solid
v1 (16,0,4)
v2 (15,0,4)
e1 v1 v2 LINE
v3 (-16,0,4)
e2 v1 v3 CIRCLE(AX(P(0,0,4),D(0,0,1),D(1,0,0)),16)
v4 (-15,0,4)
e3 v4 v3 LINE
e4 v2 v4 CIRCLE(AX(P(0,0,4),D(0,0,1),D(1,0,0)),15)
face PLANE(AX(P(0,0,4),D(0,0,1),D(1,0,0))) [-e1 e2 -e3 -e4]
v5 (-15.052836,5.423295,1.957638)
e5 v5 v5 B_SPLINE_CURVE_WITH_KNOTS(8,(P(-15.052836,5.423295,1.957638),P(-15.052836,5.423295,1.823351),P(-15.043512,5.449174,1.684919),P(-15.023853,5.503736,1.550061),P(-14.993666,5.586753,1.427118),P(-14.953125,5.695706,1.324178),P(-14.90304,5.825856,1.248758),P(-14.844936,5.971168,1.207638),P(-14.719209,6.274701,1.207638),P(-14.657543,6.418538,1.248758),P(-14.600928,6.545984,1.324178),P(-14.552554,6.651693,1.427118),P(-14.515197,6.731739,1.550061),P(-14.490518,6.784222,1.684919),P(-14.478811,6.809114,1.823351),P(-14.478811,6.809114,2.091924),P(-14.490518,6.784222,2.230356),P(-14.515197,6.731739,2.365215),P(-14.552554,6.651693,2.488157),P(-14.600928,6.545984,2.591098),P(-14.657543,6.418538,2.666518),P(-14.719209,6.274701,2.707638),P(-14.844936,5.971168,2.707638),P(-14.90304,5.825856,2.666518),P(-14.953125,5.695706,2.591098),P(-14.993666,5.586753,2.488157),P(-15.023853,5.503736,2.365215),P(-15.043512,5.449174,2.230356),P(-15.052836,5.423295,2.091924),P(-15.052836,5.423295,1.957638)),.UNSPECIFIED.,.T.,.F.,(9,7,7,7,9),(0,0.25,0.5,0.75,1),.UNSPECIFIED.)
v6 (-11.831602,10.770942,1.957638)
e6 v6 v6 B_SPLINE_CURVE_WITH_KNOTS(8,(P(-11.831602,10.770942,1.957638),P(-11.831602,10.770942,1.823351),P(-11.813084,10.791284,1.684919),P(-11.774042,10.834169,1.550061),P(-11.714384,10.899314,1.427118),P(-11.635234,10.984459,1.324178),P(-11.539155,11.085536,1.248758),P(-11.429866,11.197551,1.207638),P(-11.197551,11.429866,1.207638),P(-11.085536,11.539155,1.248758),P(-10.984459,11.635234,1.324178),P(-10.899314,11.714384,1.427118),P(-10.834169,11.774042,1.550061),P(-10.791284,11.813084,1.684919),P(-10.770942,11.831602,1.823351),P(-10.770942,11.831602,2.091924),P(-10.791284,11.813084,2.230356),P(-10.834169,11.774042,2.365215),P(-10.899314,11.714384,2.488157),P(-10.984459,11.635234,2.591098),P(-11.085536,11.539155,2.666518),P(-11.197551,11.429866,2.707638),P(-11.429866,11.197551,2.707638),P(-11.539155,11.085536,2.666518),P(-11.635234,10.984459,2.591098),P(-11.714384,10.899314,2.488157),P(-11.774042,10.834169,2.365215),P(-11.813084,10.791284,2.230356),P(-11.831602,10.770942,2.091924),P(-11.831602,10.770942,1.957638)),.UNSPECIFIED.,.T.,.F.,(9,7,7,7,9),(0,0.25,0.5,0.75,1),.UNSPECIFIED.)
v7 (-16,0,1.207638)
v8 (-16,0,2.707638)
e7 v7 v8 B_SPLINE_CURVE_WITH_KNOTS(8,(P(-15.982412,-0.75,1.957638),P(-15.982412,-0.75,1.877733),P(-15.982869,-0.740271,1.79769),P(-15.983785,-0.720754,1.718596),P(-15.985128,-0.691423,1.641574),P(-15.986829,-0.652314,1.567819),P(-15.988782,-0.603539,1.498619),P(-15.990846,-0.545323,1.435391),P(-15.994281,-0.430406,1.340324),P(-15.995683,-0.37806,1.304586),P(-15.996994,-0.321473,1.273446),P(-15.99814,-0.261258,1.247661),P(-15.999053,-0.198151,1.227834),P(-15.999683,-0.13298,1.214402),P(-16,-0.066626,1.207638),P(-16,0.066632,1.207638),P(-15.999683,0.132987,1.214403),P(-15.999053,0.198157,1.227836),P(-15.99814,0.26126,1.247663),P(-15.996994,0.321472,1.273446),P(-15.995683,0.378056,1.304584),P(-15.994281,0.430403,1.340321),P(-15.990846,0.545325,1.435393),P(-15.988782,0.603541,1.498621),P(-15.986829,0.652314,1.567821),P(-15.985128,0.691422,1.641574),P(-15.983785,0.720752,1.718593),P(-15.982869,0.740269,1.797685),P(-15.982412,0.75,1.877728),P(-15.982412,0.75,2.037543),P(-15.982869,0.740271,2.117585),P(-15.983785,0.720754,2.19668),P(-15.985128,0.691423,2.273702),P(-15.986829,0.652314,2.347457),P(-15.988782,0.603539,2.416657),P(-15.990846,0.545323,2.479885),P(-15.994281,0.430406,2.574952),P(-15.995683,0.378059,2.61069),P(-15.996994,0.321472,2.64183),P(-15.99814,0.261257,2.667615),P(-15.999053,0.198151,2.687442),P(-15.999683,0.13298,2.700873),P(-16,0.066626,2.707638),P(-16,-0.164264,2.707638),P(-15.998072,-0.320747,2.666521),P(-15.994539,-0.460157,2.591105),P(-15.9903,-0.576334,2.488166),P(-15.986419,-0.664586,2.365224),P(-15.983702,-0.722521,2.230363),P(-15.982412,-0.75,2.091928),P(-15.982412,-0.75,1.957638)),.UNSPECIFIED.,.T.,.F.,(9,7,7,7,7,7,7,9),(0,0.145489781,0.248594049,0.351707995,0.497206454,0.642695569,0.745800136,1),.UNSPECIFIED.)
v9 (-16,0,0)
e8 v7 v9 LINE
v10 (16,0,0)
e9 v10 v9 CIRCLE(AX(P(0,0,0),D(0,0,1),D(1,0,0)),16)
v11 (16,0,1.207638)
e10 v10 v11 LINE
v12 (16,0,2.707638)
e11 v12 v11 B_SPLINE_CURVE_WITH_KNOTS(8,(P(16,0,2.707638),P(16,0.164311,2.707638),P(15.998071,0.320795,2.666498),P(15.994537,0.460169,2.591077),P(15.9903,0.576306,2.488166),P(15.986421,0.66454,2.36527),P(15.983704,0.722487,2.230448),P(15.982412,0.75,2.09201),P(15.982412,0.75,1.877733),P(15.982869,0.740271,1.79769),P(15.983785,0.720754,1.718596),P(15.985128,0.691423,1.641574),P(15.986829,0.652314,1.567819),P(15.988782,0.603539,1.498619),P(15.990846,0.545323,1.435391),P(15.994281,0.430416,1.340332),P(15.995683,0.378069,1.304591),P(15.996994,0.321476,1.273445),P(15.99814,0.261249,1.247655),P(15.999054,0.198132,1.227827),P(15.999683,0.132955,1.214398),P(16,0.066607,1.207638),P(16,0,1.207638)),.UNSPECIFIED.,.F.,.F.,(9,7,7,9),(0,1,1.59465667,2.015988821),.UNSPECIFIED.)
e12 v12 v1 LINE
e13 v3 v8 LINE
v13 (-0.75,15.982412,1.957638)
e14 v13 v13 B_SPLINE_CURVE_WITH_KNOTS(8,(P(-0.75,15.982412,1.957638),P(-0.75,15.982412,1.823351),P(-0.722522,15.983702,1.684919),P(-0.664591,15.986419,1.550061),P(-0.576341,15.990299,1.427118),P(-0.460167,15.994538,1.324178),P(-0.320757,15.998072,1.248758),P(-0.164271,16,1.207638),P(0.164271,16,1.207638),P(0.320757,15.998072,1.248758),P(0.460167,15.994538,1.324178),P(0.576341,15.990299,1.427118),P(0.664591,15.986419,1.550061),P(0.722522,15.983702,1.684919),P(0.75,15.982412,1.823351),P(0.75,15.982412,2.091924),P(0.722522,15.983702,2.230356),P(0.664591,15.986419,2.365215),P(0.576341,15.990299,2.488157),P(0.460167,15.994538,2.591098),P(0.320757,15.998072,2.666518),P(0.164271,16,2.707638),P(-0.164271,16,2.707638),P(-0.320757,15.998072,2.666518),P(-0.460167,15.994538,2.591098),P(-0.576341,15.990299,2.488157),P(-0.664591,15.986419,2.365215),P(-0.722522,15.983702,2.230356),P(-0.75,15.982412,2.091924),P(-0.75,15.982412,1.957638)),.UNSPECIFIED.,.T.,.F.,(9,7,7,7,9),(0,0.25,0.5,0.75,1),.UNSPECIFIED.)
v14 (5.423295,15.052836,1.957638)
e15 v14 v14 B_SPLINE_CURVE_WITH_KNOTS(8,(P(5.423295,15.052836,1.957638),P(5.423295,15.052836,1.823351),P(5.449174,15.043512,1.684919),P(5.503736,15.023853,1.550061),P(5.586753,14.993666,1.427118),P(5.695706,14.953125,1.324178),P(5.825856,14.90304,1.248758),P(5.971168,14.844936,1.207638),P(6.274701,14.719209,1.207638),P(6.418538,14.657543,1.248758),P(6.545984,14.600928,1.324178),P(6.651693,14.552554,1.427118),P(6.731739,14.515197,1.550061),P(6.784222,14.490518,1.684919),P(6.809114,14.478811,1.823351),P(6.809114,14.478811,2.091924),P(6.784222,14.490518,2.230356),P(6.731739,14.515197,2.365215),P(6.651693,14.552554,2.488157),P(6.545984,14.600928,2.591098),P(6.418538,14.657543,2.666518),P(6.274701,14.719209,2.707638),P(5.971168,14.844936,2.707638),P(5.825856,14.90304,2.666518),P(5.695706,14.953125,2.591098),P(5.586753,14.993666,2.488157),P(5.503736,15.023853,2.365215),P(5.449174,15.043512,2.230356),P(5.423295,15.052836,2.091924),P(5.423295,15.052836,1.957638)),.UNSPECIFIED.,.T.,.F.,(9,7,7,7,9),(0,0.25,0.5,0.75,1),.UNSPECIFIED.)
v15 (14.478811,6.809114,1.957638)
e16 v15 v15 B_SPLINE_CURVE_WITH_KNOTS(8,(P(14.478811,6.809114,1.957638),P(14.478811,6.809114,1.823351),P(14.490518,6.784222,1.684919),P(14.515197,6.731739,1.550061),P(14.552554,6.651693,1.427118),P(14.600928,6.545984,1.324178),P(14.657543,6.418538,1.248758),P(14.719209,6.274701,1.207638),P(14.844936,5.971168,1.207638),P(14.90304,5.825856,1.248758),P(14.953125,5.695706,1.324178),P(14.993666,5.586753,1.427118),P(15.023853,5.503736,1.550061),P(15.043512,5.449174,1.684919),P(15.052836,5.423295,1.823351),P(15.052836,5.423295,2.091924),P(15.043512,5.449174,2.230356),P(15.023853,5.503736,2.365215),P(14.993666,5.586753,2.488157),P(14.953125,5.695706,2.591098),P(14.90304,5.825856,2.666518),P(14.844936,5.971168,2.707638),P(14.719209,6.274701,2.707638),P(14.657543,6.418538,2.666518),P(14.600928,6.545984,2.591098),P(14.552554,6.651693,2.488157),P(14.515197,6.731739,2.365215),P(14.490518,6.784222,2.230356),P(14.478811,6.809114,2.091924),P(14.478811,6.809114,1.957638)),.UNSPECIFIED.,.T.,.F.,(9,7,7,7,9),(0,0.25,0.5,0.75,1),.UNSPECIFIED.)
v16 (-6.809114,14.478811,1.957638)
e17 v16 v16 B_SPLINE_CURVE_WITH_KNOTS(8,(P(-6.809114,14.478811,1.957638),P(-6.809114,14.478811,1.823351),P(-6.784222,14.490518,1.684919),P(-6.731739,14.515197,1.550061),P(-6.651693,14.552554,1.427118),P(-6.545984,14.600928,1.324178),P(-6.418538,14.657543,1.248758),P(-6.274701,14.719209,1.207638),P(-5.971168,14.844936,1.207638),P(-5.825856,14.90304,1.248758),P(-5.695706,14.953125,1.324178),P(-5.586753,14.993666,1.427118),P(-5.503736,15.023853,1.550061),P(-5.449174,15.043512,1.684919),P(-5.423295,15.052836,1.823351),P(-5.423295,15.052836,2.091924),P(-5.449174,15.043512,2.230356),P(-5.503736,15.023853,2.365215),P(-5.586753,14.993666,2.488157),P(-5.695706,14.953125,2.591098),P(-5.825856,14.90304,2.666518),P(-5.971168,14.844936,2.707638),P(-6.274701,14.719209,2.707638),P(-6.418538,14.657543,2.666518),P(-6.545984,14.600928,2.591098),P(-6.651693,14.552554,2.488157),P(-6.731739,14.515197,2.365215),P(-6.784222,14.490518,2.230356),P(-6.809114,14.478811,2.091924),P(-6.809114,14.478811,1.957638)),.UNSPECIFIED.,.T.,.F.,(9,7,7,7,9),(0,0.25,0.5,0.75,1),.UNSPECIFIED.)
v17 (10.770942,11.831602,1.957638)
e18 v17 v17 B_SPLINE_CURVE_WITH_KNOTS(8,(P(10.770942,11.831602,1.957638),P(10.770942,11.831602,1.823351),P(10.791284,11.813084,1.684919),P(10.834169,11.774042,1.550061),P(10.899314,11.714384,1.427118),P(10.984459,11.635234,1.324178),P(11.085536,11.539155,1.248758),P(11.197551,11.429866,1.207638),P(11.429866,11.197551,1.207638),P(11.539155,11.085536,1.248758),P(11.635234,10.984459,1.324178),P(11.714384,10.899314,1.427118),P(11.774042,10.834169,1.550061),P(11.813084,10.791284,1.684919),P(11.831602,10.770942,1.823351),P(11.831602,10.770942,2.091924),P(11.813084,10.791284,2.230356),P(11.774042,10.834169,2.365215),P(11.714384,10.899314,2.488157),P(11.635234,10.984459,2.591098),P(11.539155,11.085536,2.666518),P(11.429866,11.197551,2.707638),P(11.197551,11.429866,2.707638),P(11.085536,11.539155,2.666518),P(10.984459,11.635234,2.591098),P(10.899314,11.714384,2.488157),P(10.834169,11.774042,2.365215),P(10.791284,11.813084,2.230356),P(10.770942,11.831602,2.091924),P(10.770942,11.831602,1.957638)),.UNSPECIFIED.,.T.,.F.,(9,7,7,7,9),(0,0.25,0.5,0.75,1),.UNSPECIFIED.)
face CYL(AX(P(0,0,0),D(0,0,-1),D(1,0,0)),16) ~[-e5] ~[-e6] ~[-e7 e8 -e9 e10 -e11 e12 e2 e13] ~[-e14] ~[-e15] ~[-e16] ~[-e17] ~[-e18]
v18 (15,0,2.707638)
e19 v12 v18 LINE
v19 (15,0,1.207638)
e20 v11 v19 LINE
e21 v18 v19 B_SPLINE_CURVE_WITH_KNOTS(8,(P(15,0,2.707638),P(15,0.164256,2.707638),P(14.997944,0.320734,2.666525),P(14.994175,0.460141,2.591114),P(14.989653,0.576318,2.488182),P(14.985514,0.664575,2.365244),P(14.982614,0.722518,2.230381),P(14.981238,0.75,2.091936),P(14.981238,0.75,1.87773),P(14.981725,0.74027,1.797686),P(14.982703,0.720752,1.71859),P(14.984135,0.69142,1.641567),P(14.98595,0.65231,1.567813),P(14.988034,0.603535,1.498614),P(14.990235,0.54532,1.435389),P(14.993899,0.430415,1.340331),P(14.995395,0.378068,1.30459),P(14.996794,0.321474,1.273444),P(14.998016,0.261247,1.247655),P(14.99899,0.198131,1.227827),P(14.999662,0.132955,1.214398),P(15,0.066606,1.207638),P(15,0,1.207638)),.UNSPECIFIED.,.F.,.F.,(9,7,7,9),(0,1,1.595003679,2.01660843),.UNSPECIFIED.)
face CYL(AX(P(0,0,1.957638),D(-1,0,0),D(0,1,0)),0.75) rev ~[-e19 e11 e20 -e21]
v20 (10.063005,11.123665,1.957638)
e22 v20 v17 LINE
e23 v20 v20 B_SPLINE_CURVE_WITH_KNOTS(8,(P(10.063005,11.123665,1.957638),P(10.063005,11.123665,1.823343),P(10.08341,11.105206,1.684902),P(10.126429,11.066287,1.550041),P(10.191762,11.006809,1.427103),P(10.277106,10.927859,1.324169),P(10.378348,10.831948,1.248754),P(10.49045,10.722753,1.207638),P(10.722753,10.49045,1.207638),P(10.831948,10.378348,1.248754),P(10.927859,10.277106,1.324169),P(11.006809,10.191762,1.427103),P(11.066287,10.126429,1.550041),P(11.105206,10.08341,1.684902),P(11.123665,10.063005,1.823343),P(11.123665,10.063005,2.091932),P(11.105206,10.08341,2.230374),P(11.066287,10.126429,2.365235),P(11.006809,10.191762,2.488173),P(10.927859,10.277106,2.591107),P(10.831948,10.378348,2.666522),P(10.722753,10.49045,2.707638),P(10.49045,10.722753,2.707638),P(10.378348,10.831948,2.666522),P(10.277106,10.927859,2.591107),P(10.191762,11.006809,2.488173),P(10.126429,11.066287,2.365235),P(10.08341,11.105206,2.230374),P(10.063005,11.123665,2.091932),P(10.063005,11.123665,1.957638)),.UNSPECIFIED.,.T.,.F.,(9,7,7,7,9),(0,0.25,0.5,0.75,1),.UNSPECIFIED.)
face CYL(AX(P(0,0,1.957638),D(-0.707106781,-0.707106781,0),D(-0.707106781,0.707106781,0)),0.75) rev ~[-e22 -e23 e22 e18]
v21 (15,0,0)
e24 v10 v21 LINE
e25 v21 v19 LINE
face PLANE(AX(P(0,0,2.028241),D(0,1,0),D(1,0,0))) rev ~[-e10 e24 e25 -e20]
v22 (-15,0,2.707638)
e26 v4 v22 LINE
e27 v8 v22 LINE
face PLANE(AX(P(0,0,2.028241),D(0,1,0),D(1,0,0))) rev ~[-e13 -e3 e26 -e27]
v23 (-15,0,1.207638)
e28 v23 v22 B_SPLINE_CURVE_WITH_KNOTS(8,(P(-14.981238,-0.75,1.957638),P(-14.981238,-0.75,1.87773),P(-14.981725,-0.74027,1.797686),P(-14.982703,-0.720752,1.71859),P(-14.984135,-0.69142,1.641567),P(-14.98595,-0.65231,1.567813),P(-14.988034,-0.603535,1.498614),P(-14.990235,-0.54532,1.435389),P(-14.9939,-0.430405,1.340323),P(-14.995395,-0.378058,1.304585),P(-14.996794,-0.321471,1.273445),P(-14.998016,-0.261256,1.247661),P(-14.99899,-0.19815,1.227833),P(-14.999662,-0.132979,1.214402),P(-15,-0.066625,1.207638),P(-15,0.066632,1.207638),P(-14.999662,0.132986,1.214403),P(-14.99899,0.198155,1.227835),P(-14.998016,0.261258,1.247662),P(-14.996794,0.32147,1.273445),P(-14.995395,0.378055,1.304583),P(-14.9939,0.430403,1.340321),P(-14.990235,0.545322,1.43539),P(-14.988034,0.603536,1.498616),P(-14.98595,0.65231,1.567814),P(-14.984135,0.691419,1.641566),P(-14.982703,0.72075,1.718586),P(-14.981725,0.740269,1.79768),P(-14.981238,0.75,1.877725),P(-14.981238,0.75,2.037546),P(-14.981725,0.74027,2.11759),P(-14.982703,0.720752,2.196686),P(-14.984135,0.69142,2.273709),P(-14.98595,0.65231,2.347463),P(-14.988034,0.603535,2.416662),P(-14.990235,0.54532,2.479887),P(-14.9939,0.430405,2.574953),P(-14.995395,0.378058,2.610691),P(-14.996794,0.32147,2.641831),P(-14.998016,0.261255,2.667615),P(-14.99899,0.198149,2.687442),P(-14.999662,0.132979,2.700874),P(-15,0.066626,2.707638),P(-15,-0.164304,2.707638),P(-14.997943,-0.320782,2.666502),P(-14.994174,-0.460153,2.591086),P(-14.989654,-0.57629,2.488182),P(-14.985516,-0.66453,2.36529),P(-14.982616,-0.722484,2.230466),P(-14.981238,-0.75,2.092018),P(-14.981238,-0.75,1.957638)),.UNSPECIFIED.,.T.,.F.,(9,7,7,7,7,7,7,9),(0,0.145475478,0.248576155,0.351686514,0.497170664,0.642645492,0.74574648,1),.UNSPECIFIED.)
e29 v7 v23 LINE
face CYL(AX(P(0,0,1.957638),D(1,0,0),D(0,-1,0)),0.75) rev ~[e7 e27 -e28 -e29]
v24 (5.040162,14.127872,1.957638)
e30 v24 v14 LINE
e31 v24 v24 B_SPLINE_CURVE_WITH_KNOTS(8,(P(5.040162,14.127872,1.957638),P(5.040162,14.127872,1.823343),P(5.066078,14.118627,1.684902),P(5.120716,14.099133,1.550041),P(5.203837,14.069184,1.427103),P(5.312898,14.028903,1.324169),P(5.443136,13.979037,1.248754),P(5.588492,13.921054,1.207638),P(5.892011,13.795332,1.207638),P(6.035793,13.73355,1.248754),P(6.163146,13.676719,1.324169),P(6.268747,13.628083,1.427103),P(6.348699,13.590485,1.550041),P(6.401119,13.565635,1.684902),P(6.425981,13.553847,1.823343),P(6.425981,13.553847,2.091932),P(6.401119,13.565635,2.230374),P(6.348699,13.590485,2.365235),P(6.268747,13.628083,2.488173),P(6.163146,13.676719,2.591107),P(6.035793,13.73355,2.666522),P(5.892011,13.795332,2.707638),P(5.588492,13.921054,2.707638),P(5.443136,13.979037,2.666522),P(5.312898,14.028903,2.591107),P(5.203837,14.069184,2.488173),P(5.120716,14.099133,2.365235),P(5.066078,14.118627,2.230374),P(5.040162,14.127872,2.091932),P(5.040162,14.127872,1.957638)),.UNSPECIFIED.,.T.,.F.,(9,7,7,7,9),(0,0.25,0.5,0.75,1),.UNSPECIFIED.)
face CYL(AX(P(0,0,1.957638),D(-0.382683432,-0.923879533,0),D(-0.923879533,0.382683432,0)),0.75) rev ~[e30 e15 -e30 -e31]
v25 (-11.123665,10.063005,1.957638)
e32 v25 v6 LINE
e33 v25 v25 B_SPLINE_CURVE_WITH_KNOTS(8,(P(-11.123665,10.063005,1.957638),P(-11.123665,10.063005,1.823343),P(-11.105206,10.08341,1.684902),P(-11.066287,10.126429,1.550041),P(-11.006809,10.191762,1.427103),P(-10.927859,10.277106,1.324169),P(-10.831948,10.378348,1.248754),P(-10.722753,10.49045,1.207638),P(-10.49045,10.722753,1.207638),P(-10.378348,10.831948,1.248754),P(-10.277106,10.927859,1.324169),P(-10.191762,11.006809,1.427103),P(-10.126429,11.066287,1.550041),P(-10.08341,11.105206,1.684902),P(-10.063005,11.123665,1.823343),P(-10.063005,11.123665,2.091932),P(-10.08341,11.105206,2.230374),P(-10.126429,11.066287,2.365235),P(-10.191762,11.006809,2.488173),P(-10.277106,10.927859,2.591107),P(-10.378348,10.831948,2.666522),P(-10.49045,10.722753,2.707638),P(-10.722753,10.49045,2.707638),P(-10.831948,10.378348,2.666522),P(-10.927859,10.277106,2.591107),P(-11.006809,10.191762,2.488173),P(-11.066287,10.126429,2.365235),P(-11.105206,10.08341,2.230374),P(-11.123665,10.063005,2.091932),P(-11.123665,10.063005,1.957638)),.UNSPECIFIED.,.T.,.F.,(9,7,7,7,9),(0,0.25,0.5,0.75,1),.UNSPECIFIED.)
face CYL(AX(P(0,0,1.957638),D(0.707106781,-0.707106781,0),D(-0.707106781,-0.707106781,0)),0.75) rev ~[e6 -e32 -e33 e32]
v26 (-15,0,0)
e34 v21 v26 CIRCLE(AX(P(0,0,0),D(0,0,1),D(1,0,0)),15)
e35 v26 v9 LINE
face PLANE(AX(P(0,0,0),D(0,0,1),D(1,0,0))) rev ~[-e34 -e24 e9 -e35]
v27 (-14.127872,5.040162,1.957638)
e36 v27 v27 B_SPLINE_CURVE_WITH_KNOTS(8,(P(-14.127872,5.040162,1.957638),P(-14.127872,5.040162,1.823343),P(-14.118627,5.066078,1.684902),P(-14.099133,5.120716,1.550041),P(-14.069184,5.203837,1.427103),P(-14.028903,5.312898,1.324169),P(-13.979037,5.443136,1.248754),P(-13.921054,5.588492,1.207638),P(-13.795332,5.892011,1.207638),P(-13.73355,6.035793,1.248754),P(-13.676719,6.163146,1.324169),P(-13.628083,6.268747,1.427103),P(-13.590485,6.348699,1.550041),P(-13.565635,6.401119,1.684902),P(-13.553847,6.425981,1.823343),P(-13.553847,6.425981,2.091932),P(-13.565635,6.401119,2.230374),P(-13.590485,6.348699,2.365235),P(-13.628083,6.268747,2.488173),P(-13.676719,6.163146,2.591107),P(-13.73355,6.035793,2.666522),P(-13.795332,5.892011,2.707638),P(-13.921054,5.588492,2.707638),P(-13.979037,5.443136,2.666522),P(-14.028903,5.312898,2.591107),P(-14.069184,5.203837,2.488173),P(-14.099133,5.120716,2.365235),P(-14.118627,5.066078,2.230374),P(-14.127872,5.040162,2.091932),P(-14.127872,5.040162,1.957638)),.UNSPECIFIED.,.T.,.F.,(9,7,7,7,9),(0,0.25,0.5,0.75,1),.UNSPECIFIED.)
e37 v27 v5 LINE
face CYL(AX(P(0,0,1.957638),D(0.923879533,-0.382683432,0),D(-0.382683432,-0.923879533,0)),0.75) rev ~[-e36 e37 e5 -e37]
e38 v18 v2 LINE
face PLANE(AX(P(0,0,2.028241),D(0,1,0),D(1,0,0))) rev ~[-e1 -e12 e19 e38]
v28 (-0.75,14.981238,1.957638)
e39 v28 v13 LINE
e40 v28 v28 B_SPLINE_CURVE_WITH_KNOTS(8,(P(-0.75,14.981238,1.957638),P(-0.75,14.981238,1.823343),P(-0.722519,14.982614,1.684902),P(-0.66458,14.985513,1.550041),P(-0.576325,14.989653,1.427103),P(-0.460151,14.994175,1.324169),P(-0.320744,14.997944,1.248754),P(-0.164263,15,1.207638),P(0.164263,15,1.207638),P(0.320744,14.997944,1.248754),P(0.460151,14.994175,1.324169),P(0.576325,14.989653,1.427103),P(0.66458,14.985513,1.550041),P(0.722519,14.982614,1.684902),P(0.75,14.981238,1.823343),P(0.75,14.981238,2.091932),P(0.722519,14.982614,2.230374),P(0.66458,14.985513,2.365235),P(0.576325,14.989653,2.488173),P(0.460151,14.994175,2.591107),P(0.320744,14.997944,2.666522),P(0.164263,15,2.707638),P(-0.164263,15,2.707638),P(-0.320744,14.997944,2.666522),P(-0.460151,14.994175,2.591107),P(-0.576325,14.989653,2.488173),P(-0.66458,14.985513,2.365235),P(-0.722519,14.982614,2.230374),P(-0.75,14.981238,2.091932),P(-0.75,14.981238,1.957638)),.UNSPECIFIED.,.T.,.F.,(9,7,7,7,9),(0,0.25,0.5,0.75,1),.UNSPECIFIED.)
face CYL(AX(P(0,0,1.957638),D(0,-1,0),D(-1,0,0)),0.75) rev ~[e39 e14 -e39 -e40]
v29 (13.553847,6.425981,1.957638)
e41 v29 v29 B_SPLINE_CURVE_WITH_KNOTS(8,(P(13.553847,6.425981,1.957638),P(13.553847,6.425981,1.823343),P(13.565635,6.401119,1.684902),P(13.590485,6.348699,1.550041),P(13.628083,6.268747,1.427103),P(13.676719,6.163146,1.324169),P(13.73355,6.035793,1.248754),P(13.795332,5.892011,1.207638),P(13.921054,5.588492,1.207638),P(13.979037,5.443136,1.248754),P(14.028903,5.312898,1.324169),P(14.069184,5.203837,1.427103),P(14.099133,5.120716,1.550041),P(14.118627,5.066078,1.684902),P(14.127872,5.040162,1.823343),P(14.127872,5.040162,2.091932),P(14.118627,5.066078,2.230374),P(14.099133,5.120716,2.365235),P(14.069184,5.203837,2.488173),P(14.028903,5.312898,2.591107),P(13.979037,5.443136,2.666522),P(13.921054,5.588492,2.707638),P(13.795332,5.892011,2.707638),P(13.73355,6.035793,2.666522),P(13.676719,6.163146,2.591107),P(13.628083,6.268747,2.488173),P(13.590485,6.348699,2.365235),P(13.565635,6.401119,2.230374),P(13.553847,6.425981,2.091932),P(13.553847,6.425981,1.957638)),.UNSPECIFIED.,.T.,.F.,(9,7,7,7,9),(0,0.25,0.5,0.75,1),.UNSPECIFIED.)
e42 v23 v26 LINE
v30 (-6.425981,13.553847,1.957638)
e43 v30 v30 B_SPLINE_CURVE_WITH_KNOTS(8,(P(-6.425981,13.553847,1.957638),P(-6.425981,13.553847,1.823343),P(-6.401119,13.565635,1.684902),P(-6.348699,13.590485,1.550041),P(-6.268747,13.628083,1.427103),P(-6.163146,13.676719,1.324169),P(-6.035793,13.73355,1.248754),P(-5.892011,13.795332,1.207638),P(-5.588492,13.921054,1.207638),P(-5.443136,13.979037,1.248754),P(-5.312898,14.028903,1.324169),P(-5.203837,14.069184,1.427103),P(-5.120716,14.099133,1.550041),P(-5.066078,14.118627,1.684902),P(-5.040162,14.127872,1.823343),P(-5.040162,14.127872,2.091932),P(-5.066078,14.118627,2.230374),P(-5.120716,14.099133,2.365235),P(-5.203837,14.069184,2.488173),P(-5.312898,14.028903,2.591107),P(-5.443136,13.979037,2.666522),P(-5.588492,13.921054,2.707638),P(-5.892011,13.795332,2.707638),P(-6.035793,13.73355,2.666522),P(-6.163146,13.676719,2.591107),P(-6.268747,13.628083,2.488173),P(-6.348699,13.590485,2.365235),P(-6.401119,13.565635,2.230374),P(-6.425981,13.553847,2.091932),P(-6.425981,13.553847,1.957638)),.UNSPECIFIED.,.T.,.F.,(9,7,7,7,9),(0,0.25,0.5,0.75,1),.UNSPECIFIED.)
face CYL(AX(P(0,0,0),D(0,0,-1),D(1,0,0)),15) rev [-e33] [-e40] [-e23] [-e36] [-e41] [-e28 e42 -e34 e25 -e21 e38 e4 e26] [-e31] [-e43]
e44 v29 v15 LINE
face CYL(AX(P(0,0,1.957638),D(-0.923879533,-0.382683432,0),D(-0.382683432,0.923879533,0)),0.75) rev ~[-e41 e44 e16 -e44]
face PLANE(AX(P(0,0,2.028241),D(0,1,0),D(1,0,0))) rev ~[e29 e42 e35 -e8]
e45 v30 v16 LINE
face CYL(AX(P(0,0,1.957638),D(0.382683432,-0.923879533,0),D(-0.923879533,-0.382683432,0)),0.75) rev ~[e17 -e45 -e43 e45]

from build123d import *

# Parameters (mm, degrees)
SKETCH_1_R               = 16
SKETCH_1_R_2             = 15
EXTRUDE_1_DEPTH          = 4
SKETCH_2_R               = 0.75
CUT_EXTRUDE_1_DEPTH      = 17
PATTERN_CIRCULAR_1_COUNT = 16
SKETCH_3_W               = 36.79853237
SKETCH_3_H               = 11.94610836
CUT_EXTRUDE_2_DEPTH      = 17.0000001


with BuildPart() as part:
    # ｽｹｯﾁ1 → ﾎﾞｽ - 押し出し1 (new body)
    with BuildSketch(Plane.XY):
        Circle(SKETCH_1_R)
        Circle(SKETCH_1_R_2, mode=Mode.SUBTRACT)
    extrude(amount=EXTRUDE_1_DEPTH)

    # ｽｹｯﾁ2 → ｶｯﾄ - 押し出し1 (cut, through all)
    with BuildSketch(Plane(origin=(0, 0, 0), x_dir=(1, 0, 0), z_dir=(0, 1, 0))):
        with Locations((0, -1.957637914)):
            Circle(SKETCH_2_R)
    cut_extrude_1 = extrude(amount=-CUT_EXTRUDE_1_DEPTH, mode=Mode.SUBTRACT)

    # 円形ﾊﾟﾀｰﾝ1: ｶｯﾄ - 押し出し1 ×16 about axis
    pattern_circular_1_axis = Axis((0, 0, 0), (0, 0, 1))
    for i in range(1, PATTERN_CIRCULAR_1_COUNT):
        add(cut_extrude_1.rotate(pattern_circular_1_axis, i * 360 / PATTERN_CIRCULAR_1_COUNT), mode=Mode.SUBTRACT)

    # ｽｹｯﾁ3 → ｶｯﾄ - 押し出し2 (cut, through all)
    with BuildSketch(Plane(origin=(0, 0, 0), x_dir=(1, 0, 0), z_dir=(0, 1, 0))):
        with Locations((0, -2.028241391)):
            Rectangle(SKETCH_3_W, SKETCH_3_H)
    extrude(amount=-CUT_EXTRUDE_2_DEPTH, mode=Mode.SUBTRACT)


solid = part.part
